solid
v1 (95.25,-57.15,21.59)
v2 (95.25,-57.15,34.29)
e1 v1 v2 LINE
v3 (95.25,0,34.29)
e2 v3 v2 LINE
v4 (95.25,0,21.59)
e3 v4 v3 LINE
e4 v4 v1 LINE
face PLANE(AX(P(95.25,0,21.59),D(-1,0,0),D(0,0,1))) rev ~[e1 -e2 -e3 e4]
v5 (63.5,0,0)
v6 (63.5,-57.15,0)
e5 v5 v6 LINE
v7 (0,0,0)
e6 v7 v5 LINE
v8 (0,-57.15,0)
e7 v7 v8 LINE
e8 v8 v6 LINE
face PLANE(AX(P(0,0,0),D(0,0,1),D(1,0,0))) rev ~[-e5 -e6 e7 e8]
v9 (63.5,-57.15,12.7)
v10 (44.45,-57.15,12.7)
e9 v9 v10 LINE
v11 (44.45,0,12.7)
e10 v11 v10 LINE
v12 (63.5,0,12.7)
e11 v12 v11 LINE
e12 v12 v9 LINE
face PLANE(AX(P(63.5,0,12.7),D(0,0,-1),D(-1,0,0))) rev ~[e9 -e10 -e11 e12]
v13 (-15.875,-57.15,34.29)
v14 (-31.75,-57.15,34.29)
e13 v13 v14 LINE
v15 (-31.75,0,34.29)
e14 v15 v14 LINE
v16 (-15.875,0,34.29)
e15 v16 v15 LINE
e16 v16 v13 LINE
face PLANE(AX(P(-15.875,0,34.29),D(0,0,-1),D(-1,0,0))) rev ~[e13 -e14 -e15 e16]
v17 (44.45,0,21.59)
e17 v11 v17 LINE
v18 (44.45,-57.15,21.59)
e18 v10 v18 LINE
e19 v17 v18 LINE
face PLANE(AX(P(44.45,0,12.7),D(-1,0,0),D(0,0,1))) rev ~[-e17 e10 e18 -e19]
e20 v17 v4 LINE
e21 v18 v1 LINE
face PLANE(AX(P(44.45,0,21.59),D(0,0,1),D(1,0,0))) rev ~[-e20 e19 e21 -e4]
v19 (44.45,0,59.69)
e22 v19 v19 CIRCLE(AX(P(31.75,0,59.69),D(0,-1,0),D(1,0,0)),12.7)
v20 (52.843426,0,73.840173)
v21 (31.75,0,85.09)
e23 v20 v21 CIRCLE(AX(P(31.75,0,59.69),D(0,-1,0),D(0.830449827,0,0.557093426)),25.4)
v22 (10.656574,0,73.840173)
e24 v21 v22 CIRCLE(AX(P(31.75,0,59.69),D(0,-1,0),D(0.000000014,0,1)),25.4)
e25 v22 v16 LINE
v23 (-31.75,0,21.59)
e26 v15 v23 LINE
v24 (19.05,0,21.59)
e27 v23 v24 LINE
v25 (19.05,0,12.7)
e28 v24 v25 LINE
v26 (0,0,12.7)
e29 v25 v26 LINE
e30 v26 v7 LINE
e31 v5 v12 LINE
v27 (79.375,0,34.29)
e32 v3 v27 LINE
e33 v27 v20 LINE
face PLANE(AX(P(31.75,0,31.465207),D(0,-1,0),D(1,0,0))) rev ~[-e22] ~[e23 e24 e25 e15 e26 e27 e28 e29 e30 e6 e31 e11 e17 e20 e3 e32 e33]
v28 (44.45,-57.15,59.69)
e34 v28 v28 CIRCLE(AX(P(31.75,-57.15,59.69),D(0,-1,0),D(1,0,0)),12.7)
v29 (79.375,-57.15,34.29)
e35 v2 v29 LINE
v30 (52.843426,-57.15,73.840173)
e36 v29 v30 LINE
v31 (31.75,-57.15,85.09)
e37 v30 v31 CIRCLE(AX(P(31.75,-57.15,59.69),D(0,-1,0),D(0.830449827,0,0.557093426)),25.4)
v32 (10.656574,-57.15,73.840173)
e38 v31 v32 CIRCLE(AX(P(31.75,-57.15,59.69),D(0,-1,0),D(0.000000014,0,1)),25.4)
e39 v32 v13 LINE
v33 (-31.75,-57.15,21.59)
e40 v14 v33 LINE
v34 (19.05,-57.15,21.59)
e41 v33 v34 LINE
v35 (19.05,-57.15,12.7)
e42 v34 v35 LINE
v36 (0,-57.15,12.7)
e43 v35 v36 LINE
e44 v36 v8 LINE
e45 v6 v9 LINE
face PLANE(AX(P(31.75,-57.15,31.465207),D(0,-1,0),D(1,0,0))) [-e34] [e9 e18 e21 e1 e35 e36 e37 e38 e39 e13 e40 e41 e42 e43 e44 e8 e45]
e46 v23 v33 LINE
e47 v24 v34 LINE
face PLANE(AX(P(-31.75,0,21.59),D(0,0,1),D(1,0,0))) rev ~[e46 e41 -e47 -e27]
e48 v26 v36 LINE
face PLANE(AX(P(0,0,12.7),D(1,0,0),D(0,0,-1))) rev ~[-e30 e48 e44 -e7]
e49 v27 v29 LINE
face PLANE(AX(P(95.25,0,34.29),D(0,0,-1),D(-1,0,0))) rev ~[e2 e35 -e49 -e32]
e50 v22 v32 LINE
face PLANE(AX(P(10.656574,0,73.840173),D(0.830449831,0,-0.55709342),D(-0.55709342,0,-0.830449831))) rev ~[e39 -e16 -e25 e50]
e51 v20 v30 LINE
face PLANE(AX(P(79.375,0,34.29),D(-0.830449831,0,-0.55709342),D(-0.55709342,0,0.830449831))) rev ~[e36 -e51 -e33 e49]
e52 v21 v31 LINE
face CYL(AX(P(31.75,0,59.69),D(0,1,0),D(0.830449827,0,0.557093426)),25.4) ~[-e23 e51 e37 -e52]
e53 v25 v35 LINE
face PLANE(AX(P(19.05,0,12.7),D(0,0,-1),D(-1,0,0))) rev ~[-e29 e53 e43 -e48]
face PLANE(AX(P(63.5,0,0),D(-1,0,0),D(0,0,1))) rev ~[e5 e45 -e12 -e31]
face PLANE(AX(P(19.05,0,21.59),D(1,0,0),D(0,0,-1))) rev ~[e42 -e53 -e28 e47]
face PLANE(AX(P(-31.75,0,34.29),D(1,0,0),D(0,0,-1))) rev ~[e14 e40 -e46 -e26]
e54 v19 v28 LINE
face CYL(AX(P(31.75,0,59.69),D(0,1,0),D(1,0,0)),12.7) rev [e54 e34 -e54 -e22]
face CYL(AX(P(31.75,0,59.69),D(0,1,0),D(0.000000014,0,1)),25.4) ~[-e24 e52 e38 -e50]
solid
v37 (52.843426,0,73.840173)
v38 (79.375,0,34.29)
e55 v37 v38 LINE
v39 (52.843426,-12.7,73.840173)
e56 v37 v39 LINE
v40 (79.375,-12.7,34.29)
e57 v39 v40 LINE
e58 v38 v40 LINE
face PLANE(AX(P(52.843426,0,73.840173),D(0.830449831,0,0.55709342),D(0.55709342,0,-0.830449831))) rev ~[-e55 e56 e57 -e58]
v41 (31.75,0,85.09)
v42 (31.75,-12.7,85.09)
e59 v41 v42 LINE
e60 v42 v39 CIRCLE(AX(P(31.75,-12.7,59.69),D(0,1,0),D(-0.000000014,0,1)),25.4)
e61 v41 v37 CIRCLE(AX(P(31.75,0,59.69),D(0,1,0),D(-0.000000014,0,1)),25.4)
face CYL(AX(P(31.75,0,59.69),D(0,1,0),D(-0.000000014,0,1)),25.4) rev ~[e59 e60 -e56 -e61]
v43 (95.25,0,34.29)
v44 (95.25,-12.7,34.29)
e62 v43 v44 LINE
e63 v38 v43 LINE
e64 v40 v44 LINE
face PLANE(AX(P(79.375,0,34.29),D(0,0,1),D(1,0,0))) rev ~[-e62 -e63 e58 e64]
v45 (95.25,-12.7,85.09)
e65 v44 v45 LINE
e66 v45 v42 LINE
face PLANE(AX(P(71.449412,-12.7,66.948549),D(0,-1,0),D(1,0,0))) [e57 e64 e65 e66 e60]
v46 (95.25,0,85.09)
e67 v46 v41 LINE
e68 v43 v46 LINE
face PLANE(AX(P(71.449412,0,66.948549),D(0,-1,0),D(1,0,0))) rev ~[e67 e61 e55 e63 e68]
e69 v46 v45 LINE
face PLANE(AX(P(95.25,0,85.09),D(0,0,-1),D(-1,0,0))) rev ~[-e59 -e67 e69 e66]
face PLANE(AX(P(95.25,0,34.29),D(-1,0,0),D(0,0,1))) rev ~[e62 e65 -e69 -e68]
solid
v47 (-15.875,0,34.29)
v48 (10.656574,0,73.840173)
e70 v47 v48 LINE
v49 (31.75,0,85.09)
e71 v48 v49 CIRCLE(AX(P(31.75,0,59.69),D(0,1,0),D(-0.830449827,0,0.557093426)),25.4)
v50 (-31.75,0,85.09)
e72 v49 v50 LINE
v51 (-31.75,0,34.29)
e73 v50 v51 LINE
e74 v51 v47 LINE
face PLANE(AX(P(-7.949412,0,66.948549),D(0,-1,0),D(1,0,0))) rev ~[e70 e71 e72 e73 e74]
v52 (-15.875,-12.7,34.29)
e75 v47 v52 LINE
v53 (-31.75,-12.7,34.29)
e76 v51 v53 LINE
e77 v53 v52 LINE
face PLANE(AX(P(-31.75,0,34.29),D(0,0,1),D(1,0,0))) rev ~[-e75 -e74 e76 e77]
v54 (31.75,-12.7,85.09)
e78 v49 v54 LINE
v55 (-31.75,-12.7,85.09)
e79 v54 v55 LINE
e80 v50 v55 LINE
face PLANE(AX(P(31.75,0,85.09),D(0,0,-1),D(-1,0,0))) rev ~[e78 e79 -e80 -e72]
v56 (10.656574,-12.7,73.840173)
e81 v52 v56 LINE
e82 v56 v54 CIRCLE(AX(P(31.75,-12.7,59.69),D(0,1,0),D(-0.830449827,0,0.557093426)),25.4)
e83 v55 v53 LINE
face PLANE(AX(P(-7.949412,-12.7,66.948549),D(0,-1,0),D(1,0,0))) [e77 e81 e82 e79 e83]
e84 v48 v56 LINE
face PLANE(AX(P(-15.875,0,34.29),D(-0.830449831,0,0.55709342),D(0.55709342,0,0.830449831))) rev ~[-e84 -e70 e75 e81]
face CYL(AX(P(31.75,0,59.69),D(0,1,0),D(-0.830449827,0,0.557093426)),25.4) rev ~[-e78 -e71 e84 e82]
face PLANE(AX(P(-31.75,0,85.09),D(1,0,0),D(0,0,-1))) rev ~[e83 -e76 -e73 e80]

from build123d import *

# Parameters (mm, degrees)
F1_DEPTH = 12.7
F0_R     = 12.7
F2_DEPTH = 57.15


with BuildPart() as f1:
    # F0 (on Front) → F1 (new body)
    with BuildSketch(Plane.XZ):
        with BuildLine():
            Line((-31.75, 85.09), (-31.75, 34.29))
            Line((-31.75, 34.29), (-15.875, 34.29))
            Line((-15.875, 34.29), (10.656574, 73.840173))
            ThreePointArc((10.656574, 73.840173), (19.797059, 82.101765), (31.75, 85.09))
            Line((31.75, 85.09), (-31.75, 85.09))
        make_face()
        with BuildLine():
            Line((79.375, 34.29), (95.25, 34.29))
            Line((95.25, 34.29), (95.25, 85.09))
            Line((95.25, 85.09), (31.75, 85.09))
            ThreePointArc((31.75, 85.09), (43.702941, 82.101765), (52.843426, 73.840173))
            Line((52.843426, 73.840173), (79.375, 34.29))
        make_face()
    extrude(amount=F1_DEPTH)


with BuildPart() as f2:
    # F0 (on Front) → F2 (new body)
    with BuildSketch(Plane.XZ):
        with BuildLine():
            Line((0, 12.7), (0, 0))
            Line((0, 0), (63.5, 0))
            Line((63.5, 0), (63.5, 12.7))
            Line((63.5, 12.7), (44.45, 12.7))
            Line((44.45, 12.7), (44.45, 21.59))
            Line((44.45, 21.59), (95.25, 21.59))
            Line((95.25, 21.59), (95.25, 34.29))
            Line((95.25, 34.29), (79.375, 34.29))
            Line((79.375, 34.29), (52.843426, 73.840173))
            ThreePointArc((52.843426, 73.840173), (43.702941, 82.101765), (31.75, 85.09))
            ThreePointArc((31.75, 85.09), (19.797059, 82.101765), (10.656574, 73.840173))
            Line((10.656574, 73.840173), (-15.875, 34.29))
            Line((-15.875, 34.29), (-31.75, 34.29))
            Line((-31.75, 34.29), (-31.75, 21.59))
            Line((-31.75, 21.59), (19.05, 21.59))
            Line((19.05, 21.59), (19.05, 12.7))
            Line((19.05, 12.7), (0, 12.7))
        make_face()
        with Locations((31.75, 59.69)):
            Circle(F0_R, mode=Mode.SUBTRACT)
    extrude(amount=F2_DEPTH)


solid = Compound([f1.part, f2.part])
